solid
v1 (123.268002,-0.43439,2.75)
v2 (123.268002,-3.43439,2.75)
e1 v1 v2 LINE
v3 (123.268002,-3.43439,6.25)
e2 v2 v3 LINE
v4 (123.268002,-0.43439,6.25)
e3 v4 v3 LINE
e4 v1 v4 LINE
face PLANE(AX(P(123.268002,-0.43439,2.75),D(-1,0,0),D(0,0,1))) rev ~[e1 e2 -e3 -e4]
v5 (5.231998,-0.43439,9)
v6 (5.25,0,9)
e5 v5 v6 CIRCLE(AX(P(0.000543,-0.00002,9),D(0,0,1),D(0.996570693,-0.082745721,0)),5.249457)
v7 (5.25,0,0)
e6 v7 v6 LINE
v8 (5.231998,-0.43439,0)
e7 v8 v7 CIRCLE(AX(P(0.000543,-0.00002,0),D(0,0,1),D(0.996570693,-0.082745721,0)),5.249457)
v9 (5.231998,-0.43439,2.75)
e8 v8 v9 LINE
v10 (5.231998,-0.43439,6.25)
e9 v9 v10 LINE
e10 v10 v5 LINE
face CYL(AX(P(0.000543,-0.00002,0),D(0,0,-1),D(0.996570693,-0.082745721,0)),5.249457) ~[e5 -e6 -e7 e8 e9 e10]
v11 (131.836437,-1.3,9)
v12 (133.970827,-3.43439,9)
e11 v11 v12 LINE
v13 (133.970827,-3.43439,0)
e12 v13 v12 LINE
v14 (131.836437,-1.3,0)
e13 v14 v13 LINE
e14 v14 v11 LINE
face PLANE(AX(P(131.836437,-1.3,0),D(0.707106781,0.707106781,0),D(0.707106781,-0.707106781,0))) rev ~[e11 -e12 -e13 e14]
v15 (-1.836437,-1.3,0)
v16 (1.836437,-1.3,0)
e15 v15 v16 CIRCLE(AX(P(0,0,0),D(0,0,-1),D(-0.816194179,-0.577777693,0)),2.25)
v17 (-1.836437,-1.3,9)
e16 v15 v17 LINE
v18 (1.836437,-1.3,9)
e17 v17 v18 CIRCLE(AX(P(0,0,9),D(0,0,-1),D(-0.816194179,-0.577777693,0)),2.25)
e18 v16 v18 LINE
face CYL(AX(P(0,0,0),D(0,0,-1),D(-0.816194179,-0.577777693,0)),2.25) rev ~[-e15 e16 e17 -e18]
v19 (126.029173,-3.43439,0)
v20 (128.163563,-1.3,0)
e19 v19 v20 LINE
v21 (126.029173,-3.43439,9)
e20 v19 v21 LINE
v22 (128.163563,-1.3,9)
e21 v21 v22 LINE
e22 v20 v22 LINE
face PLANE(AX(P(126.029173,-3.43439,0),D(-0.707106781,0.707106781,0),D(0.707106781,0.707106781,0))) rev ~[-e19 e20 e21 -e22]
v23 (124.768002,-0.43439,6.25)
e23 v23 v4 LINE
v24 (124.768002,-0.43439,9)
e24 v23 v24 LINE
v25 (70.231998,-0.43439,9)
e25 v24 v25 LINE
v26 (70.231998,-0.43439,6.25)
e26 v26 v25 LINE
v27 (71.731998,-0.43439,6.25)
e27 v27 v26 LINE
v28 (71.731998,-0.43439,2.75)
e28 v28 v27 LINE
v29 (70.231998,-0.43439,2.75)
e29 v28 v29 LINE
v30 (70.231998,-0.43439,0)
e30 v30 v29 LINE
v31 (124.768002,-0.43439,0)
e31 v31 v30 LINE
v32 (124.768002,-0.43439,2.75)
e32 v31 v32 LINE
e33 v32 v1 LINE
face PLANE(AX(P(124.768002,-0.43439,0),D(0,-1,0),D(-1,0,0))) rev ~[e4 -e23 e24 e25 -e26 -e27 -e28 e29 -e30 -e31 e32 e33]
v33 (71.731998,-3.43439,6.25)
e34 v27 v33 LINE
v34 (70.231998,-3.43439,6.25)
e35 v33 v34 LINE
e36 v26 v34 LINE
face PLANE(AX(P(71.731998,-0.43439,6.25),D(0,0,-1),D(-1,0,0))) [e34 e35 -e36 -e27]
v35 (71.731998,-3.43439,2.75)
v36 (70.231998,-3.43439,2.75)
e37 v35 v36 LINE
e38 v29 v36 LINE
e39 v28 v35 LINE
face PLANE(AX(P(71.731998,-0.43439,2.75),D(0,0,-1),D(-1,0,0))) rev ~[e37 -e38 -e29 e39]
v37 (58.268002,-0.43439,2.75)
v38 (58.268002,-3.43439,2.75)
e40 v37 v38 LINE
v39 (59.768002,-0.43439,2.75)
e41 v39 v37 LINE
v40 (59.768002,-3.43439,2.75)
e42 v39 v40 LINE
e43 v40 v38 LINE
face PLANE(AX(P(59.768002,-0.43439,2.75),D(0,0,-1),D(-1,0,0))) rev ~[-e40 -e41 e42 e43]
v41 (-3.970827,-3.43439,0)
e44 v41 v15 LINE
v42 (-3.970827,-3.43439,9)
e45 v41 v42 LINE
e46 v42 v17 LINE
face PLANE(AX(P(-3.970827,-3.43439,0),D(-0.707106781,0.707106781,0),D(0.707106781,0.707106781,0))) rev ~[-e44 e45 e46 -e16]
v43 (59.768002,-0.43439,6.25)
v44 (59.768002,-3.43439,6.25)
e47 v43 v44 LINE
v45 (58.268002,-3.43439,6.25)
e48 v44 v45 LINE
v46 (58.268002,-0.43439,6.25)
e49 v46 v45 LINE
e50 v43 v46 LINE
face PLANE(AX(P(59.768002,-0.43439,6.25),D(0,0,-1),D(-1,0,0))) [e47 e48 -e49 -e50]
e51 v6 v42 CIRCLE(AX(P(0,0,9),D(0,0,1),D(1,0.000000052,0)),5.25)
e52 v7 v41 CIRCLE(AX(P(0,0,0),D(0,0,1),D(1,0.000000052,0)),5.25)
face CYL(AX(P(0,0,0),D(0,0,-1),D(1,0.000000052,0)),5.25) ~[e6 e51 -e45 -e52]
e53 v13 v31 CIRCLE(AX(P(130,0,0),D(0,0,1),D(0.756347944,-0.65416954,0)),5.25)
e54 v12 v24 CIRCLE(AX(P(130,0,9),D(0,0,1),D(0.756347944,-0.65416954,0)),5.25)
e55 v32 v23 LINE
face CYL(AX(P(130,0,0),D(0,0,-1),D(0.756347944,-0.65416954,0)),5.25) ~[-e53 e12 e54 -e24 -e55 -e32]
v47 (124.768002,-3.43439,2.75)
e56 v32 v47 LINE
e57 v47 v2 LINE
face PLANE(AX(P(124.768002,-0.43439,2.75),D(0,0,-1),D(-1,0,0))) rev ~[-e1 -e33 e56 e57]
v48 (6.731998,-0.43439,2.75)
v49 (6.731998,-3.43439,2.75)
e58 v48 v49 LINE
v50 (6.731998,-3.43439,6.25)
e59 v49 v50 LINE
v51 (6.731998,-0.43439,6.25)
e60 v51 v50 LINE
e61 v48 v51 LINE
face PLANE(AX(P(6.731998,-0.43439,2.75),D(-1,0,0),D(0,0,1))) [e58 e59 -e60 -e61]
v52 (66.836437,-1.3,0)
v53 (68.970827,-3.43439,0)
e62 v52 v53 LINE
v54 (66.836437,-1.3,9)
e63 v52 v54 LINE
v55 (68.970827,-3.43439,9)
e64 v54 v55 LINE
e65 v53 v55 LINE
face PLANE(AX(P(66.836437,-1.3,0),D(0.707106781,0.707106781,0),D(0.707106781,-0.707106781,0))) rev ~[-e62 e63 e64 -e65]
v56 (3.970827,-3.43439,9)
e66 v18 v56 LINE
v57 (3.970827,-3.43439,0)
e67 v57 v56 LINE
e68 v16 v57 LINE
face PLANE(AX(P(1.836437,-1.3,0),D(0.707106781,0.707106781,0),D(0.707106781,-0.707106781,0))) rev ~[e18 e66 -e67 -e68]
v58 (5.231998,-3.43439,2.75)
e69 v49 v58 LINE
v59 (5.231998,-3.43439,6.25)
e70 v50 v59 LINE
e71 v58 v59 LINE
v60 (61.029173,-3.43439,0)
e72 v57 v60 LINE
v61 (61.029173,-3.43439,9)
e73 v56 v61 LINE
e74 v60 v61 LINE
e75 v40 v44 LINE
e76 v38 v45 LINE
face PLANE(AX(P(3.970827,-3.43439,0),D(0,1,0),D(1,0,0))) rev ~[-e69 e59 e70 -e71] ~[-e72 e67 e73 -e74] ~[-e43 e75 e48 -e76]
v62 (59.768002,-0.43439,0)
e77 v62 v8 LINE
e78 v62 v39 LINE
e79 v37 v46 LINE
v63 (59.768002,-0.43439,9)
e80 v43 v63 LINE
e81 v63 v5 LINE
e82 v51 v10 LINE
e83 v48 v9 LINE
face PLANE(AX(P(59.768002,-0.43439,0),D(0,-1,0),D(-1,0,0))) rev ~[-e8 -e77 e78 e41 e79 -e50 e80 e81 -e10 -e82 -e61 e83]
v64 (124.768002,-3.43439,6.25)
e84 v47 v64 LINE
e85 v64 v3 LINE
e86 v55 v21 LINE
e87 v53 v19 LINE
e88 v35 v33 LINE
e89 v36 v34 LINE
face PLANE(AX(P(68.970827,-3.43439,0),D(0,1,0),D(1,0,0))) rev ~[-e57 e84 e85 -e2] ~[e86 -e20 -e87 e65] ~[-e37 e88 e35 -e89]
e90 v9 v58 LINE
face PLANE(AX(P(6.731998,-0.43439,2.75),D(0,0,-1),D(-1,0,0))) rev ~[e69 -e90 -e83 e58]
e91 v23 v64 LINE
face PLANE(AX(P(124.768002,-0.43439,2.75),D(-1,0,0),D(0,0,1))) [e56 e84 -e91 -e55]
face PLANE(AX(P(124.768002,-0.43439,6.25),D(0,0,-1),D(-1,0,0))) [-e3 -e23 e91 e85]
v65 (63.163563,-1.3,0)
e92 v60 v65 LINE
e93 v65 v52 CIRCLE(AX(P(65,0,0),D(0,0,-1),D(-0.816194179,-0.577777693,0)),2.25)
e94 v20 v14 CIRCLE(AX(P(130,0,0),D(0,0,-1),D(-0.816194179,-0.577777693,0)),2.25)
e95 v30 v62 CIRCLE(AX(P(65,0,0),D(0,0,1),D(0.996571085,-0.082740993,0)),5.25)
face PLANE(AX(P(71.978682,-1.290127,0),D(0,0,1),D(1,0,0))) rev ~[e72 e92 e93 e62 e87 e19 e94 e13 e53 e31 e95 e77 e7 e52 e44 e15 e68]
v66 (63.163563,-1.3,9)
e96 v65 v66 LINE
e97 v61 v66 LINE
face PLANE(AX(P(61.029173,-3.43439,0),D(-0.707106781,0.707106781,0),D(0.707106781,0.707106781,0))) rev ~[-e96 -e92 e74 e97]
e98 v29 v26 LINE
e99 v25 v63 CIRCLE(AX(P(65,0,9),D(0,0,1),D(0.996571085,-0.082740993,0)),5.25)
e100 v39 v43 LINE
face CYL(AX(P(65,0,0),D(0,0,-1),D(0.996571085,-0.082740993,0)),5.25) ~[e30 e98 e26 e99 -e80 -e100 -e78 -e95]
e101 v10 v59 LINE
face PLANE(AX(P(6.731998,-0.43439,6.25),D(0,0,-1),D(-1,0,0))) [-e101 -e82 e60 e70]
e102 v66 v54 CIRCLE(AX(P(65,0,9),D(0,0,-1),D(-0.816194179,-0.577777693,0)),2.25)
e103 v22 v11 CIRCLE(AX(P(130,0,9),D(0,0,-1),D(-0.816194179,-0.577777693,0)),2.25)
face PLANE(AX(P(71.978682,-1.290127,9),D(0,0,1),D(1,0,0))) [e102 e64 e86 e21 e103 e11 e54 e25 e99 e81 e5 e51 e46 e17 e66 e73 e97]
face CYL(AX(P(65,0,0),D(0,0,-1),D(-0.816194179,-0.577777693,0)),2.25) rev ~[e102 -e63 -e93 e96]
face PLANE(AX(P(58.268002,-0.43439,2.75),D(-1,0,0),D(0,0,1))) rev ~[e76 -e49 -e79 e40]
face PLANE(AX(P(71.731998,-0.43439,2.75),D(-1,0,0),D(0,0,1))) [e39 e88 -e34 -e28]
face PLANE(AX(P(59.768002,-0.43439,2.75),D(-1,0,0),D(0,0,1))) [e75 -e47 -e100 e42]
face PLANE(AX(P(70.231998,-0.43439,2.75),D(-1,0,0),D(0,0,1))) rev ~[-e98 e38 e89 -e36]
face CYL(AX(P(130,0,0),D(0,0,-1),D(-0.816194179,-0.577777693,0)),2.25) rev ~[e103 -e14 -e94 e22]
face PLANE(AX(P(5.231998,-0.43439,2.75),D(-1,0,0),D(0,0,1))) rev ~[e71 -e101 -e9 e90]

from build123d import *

# Parameters (mm, degrees)
F1_DEPTH = 9
F2_W     = 1.5
F2_H     = 3.5
F3_DEPTH = 3


with BuildPart() as f1:
    # F0 (on Top) → F1 (new body)
    with BuildSketch(Plane.XY):
        with BuildLine():
            ThreePointArc((5.231998, -0.43439), (4.839731, -2.034577), (3.970827, -3.43439))
            Line((3.970827, -3.43439), (61.029173, -3.43439))
            Line((61.029173, -3.43439), (63.163563, -1.3))
            ThreePointArc((63.163563, -1.3), (65, 2.25), (66.836437, -1.3))
            Line((66.836437, -1.3), (68.970827, -3.43439))
            Line((68.970827, -3.43439), (126.029173, -3.43439))
            Line((126.029173, -3.43439), (128.163563, -1.3))
            ThreePointArc((128.163563, -1.3), (130, 2.25), (131.836437, -1.3))
            Line((131.836437, -1.3), (133.970827, -3.43439))
            ThreePointArc((133.970827, -3.43439), (131.627157, 4.991479), (124.768002, -0.43439))
            Line((124.768002, -0.43439), (70.231998, -0.43439))
            ThreePointArc((70.231998, -0.43439), (65, 5.25), (59.768002, -0.43439))
            Line((59.768002, -0.43439), (5.231998, -0.43439))
        make_face()
        with BuildLine():
            ThreePointArc((-1.836437, -1.3), (0, 2.25), (1.836437, -1.3))
            Line((1.836437, -1.3), (3.970827, -3.43439))
            ThreePointArc((3.970827, -3.43439), (4.839731, -2.034577), (5.231998, -0.43439))
            ThreePointArc((5.231998, -0.43439), (5.245498, -0.217381), (5.25, 0))
            ThreePointArc((5.25, 0), (-1.832438, 4.919824), (-3.970827, -3.43439))
            Line((-3.970827, -3.43439), (-1.836437, -1.3))
        make_face()
    extrude(amount=F1_DEPTH)

    # F2 (on face) → F3 (cut, through all)
    with BuildSketch(Plane(origin=(0, -0.43439, 0), x_dir=(-1, 0, 0), z_dir=(0, 1, 0))):
        with Locations((-59.018002, 4.5)):
            Rectangle(F2_W, F2_H)
        with Locations((-70.981998, 4.5)):
            Rectangle(F2_W, F2_H)
        with Locations((-5.981998, 4.5)):
            Rectangle(F2_W, F2_H)
        with Locations((-124.018002, 4.5)):
            Rectangle(F2_W, F2_H)
    extrude(amount=-F3_DEPTH, mode=Mode.SUBTRACT)


solid = f1.part
